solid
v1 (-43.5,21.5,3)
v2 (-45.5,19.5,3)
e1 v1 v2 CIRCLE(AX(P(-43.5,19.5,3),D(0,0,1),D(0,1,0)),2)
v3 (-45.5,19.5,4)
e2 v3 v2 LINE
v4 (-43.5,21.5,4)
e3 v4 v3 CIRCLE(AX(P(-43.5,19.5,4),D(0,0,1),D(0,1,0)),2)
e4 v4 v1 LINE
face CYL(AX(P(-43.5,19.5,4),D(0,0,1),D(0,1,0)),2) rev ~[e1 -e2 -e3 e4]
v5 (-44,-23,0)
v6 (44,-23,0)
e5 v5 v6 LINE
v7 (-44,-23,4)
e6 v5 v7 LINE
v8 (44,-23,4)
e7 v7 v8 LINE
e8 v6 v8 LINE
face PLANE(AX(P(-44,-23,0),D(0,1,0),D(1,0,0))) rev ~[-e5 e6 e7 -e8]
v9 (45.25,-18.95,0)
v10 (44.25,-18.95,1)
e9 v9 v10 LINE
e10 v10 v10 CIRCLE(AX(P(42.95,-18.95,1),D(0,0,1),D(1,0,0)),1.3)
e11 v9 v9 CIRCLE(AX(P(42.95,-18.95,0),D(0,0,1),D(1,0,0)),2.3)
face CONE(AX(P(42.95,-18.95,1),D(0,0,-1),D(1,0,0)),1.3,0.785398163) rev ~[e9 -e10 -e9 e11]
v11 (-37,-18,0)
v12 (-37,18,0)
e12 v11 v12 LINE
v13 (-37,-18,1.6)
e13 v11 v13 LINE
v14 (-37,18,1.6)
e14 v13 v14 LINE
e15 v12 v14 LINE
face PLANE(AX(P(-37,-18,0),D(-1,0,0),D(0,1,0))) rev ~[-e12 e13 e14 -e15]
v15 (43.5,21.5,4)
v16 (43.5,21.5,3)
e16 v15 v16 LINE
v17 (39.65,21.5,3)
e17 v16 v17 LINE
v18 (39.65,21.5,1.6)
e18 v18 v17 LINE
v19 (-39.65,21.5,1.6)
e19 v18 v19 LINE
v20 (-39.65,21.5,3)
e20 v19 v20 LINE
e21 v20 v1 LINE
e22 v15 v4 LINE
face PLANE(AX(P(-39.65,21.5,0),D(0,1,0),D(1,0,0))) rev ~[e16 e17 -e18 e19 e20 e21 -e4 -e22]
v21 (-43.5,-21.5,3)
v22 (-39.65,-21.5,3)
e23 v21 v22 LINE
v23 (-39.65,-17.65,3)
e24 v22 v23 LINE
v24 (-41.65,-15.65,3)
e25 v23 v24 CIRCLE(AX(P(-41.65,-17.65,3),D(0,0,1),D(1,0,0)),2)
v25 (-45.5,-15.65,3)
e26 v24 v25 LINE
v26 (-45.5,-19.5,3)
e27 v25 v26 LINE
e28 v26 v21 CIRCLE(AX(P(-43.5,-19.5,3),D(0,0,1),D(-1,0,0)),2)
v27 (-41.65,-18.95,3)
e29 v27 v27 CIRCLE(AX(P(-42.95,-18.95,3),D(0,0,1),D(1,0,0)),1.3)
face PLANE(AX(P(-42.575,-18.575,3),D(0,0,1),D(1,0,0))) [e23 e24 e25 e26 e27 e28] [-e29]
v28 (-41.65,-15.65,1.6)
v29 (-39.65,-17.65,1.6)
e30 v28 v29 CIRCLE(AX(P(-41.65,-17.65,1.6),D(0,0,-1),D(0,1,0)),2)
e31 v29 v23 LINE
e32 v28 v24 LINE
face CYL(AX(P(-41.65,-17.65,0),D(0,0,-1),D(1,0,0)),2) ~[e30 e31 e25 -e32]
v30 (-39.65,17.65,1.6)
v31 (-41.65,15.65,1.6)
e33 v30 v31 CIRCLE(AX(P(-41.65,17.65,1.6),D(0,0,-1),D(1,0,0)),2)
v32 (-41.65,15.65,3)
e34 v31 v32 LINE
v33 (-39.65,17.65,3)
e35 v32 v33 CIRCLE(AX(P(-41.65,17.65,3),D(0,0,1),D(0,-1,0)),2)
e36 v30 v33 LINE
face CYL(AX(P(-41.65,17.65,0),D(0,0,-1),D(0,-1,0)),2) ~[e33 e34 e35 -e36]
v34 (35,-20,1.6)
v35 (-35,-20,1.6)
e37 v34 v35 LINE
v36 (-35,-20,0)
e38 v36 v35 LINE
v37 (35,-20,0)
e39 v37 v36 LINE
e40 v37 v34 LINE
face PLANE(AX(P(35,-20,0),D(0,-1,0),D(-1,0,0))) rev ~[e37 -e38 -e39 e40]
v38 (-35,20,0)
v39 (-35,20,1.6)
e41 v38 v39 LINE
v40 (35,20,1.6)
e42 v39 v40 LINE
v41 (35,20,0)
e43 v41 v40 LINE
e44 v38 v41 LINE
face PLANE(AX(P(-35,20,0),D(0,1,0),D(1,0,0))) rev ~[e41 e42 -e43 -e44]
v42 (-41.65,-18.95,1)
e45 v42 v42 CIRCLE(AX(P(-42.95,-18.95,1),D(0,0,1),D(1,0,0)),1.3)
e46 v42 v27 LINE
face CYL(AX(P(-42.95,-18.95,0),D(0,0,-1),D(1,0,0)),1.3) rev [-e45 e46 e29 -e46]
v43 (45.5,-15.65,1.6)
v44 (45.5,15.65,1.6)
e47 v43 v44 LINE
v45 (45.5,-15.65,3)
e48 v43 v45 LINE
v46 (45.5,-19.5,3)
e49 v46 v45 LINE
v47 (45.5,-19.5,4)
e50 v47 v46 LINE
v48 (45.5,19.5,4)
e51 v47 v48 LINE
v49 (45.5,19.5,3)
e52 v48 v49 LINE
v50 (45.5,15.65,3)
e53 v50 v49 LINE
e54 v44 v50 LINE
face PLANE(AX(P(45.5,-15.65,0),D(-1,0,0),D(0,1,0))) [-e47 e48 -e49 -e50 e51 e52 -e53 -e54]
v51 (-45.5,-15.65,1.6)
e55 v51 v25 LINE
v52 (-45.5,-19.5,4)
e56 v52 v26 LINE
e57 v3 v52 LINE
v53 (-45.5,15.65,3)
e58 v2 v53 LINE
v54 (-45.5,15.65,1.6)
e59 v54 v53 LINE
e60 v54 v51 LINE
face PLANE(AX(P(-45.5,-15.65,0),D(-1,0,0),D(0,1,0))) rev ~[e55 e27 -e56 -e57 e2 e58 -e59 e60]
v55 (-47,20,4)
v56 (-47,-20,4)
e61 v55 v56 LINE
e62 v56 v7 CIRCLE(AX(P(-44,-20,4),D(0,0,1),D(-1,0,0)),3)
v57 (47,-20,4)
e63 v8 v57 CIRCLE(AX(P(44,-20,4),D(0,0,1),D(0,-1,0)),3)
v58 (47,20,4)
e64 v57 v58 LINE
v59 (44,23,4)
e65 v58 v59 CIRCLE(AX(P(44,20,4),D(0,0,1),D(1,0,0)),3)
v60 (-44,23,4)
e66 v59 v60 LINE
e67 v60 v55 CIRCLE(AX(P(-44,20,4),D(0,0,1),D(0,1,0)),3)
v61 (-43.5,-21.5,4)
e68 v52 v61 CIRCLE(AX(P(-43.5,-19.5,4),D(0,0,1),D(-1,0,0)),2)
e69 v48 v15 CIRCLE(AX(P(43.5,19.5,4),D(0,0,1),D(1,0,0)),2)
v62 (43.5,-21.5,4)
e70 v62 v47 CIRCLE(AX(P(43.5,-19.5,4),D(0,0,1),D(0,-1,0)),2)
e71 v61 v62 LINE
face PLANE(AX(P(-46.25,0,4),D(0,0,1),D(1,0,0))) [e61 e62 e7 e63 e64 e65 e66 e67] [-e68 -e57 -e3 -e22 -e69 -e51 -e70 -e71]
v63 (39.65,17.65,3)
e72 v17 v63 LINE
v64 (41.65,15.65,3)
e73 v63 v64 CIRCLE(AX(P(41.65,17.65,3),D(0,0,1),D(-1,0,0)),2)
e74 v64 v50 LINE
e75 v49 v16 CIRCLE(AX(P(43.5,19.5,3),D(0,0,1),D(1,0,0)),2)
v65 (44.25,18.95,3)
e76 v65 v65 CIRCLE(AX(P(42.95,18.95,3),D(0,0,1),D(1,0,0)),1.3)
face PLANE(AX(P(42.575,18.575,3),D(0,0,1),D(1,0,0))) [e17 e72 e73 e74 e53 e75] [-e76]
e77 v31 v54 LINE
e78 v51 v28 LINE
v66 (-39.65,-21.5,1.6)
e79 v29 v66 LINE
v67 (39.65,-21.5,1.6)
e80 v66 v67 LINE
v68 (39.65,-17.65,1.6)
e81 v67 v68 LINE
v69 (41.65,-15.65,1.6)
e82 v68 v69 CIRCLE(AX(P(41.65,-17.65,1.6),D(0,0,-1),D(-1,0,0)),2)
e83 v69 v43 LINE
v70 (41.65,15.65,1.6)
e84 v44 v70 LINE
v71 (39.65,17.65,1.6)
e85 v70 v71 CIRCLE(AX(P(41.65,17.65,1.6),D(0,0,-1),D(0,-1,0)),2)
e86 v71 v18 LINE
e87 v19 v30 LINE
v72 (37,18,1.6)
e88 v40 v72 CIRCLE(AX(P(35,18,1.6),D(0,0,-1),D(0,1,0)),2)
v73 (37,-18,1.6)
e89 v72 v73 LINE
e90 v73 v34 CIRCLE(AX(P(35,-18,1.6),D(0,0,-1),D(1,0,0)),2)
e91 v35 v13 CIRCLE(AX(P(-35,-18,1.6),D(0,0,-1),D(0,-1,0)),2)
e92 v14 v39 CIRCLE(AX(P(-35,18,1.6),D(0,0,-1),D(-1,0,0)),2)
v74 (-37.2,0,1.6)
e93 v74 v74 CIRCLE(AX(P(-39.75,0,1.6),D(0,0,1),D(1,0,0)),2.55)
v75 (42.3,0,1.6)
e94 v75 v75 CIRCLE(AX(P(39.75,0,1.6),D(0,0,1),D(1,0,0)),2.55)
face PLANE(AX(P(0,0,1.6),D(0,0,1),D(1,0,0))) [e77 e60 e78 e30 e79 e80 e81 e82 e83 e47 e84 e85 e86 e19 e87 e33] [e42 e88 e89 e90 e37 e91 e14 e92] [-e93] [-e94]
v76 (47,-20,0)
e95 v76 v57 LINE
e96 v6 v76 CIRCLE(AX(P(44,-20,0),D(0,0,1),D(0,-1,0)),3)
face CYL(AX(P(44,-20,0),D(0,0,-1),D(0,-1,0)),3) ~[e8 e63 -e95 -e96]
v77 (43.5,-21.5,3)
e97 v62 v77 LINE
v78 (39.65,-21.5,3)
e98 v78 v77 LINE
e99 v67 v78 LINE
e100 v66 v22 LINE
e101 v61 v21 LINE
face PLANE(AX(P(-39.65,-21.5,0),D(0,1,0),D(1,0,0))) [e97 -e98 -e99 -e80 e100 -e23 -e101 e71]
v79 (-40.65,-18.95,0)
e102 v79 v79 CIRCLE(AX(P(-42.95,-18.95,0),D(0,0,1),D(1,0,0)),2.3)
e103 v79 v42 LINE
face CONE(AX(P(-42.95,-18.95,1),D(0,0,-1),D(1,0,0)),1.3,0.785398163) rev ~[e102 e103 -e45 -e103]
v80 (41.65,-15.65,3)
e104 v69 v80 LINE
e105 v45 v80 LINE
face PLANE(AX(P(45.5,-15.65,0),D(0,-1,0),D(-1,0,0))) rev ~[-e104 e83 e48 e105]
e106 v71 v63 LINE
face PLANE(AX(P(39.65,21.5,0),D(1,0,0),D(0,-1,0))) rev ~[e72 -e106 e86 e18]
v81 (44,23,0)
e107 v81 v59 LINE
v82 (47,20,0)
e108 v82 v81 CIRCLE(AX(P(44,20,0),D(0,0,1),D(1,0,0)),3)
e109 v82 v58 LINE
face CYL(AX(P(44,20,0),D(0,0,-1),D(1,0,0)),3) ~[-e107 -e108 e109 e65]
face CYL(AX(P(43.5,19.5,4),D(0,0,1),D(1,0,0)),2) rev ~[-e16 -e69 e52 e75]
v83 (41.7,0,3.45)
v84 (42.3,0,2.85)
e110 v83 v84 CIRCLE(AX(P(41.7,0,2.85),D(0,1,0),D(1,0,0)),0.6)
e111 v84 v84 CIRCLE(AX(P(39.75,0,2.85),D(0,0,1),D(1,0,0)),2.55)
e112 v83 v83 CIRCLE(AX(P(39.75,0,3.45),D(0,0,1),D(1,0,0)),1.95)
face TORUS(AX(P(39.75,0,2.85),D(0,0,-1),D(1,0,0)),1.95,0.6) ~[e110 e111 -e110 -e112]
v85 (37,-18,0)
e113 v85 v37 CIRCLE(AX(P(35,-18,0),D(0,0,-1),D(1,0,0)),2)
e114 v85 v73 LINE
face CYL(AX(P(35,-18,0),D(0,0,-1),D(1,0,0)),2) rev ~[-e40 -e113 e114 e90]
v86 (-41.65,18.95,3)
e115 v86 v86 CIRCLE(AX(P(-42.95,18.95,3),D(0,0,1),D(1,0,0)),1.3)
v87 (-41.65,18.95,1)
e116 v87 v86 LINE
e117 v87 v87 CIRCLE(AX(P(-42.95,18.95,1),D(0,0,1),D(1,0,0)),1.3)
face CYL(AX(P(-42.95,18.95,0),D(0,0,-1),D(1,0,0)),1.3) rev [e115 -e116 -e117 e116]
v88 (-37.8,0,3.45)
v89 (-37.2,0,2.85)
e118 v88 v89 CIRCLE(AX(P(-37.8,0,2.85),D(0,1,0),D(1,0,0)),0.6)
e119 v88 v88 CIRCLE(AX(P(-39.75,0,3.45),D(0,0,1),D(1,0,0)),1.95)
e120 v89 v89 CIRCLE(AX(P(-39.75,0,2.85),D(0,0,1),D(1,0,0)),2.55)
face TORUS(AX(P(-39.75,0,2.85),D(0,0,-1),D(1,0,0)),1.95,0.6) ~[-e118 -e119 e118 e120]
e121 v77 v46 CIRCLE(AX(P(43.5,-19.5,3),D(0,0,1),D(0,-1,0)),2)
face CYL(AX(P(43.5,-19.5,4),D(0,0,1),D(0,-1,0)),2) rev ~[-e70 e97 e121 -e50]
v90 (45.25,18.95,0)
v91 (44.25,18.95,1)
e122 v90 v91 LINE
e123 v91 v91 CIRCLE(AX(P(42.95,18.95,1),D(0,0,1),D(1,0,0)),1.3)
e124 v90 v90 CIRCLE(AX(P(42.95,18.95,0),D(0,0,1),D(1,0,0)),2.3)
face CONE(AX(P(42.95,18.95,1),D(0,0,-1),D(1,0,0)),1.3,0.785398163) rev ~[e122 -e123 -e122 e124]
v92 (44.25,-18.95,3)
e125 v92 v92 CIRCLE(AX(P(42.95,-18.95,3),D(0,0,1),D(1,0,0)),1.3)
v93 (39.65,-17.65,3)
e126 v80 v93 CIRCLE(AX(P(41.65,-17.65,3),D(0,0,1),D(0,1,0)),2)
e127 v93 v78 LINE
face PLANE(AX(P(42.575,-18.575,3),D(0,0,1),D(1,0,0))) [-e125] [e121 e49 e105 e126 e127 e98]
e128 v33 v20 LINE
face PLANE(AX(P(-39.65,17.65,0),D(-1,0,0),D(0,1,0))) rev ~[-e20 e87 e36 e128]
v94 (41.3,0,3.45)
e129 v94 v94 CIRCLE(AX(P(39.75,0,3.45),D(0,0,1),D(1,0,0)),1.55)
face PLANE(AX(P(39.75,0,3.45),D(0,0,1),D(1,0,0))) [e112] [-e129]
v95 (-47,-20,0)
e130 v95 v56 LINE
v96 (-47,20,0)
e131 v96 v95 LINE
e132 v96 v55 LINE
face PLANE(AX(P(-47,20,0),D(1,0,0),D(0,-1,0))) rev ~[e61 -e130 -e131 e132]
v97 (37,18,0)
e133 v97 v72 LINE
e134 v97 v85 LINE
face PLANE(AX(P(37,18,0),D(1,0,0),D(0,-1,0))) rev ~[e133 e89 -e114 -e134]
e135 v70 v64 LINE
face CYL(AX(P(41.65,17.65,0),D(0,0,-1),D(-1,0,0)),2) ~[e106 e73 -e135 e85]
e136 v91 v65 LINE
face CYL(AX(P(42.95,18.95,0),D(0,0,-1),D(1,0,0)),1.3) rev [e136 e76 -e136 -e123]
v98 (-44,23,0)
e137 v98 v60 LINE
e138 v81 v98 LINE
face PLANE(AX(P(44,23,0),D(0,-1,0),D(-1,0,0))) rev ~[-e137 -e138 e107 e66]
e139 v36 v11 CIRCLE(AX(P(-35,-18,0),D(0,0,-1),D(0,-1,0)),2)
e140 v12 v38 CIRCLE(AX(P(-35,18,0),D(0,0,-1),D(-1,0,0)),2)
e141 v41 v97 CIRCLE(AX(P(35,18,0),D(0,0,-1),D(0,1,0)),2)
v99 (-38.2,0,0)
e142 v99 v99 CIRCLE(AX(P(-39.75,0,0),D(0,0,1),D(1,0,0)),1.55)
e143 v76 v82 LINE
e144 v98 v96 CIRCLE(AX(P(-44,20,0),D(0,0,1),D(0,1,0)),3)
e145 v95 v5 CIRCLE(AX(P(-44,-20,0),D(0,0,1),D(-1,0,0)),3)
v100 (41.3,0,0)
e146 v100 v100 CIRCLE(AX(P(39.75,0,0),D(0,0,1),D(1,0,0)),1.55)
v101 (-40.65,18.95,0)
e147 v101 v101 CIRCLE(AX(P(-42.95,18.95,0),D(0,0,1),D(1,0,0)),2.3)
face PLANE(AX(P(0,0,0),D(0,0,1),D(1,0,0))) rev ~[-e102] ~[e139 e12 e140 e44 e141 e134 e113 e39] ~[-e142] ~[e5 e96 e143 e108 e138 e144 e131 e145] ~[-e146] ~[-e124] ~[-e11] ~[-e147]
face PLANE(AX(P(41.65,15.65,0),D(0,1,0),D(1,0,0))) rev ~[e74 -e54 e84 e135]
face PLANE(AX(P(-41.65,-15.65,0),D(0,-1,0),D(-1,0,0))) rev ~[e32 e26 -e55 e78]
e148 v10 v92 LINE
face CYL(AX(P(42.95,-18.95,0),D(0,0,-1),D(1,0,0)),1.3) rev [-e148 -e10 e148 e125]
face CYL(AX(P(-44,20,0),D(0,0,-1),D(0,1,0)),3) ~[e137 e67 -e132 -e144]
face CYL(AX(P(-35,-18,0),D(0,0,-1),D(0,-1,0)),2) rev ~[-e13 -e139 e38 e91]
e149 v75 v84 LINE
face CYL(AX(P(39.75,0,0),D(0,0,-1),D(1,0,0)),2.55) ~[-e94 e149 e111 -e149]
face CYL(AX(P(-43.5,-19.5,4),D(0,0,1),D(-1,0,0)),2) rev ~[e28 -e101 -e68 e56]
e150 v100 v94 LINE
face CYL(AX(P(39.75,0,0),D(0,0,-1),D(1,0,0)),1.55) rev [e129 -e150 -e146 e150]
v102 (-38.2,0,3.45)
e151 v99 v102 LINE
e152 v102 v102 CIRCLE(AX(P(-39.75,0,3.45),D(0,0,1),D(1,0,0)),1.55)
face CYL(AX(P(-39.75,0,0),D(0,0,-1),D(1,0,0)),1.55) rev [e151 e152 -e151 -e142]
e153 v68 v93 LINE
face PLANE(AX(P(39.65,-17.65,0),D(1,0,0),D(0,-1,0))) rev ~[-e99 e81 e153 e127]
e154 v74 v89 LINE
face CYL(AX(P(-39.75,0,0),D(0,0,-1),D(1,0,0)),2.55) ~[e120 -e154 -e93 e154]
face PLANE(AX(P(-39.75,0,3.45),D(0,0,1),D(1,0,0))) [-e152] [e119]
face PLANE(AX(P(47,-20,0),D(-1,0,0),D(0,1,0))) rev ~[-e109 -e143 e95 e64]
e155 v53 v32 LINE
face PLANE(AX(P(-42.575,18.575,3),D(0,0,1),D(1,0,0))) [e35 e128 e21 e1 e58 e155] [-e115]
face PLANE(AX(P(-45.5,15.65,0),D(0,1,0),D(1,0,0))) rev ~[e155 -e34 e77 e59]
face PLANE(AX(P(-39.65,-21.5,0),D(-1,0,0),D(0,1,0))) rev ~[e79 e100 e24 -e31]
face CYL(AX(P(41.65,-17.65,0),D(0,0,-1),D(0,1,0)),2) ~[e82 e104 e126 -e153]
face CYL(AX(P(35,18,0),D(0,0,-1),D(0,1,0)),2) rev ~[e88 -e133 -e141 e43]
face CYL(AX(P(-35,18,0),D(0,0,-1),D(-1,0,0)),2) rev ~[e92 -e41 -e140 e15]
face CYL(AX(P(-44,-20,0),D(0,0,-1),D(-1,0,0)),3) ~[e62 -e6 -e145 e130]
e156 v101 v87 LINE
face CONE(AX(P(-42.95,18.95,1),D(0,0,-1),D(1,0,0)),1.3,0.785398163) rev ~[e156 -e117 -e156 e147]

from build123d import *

# Parameters (mm, degrees)
F0_W     = 1.5
F0_H     = 31.3
F0_R     = 1.3
F0_W_2   = 79.3
F0_H_2   = 1.5
F1_DEPTH = 4
F0_R_2   = 2.55
F2_DEPTH = 1.6
F0_R_3   = 1.55
F3_DEPTH = 3.45
F4_R     = 1.3
F5_DEPTH = 1
F6_SIZE  = 1
F7_R     = 0.6


with BuildPart() as f1:
    # F0 (on Top) → F1 (new body)
    with BuildSketch(Plane.XY):
        with Locations((-46.25, 0)):
            Rectangle(F0_W, F0_H)
        with BuildLine():
            Line((-45.5, -15.65), (-47, -15.65))
            Line((-47, -15.65), (-47, -20))
            ThreePointArc((-47, -20), (-46.1213203436, -22.1213203436), (-44, -23))
            Line((-44, -23), (-39.65, -23))
            Line((-39.65, -23), (-39.65, -21.5))
            Line((-39.65, -21.5), (-45.5, -21.5))
            Line((-45.5, -21.5), (-45.5, -15.65))
        make_face()
        with BuildLine():
            Line((-41.65, -15.65), (-45.5, -15.65))
            Line((-45.5, -15.65), (-45.5, -21.5))
            Line((-45.5, -21.5), (-39.65, -21.5))
            Line((-39.65, -21.5), (-39.65, -17.65))
            ThreePointArc((-39.65, -17.65), (-40.2357864376, -16.2357864376), (-41.65, -15.65))
        make_face()
        with Locations((-42.95, -18.95)):
            Circle(F0_R, mode=Mode.SUBTRACT)
        with Locations((0, -22.25)):
            Rectangle(F0_W_2, F0_H_2)
        with BuildLine():
            Line((-39.65, 23), (-44, 23))
            ThreePointArc((-44, 23), (-46.1213203436, 22.1213203436), (-47, 20))
            Line((-47, 20), (-47, 15.65))
            Line((-47, 15.65), (-45.5, 15.65))
            Line((-45.5, 15.65), (-45.5, 21.5))
            Line((-45.5, 21.5), (-39.65, 21.5))
            Line((-39.65, 21.5), (-39.65, 23))
        make_face()
        with BuildLine():
            Line((-39.65, 17.65), (-39.65, 21.5))
            Line((-39.65, 21.5), (-45.5, 21.5))
            Line((-45.5, 21.5), (-45.5, 15.65))
            Line((-45.5, 15.65), (-41.65, 15.65))
            ThreePointArc((-41.65, 15.65), (-40.2357864376, 16.2357864376), (-39.65, 17.65))
        make_face()
        with Locations((-42.95, 18.95)):
            Circle(F0_R, mode=Mode.SUBTRACT)
        with Locations((0, 22.25)):
            Rectangle(F0_W_2, F0_H_2)
        with BuildLine():
            Line((44, 23), (39.65, 23))
            Line((39.65, 23), (39.65, 21.5))
            Line((39.65, 21.5), (45.5, 21.5))
            Line((45.5, 21.5), (45.5, 15.65))
            Line((45.5, 15.65), (47, 15.65))
            Line((47, 15.65), (47, 20))
            ThreePointArc((47, 20), (46.1213203436, 22.1213203436), (44, 23))
        make_face()
        with BuildLine():
            Line((45.5, 21.5), (39.65, 21.5))
            Line((39.65, 21.5), (39.65, 17.65))
            ThreePointArc((39.65, 17.65), (40.2357864376, 16.2357864376), (41.65, 15.65))
            Line((41.65, 15.65), (45.5, 15.65))
            Line((45.5, 15.65), (45.5, 21.5))
        make_face()
        with Locations((42.95, 18.95)):
            Circle(F0_R, mode=Mode.SUBTRACT)
        with BuildLine():
            Line((45.5, -21.5), (45.5, -15.65))
            Line((45.5, -15.65), (41.65, -15.65))
            ThreePointArc((41.65, -15.65), (40.2357864376, -16.2357864376), (39.65, -17.65))
            Line((39.65, -17.65), (39.65, -21.5))
            Line((39.65, -21.5), (45.5, -21.5))
        make_face()
        with Locations((42.95, -18.95)):
            Circle(F0_R, mode=Mode.SUBTRACT)
        with BuildLine():
            Line((47, -20), (47, -15.65))
            Line((47, -15.65), (45.5, -15.65))
            Line((45.5, -15.65), (45.5, -21.5))
            Line((45.5, -21.5), (39.65, -21.5))
            Line((39.65, -21.5), (39.65, -23))
            Line((39.65, -23), (44, -23))
            ThreePointArc((44, -23), (46.1213203436, -22.1213203436), (47, -20))
        make_face()
        with Locations((46.25, 0)):
            Rectangle(F0_W, F0_H)
    extrude(amount=F1_DEPTH)

    # F0 (on Top) → F2 (join)
    with BuildSketch(Plane.XY):
        with BuildLine():
            Line((39.65, 21.5), (-39.65, 21.5))
            Line((-39.65, 21.5), (-39.65, 17.65))
            ThreePointArc((-39.65, 17.65), (-40.2357864376, 16.2357864376), (-41.65, 15.65))
            Line((-41.65, 15.65), (-45.5, 15.65))
            Line((-45.5, 15.65), (-45.5, -15.65))
            Line((-45.5, -15.65), (-41.65, -15.65))
            ThreePointArc((-41.65, -15.65), (-40.2357864376, -16.2357864376), (-39.65, -17.65))
            Line((-39.65, -17.65), (-39.65, -21.5))
            Line((-39.65, -21.5), (39.65, -21.5))
            Line((39.65, -21.5), (39.65, -17.65))
            ThreePointArc((39.65, -17.65), (40.2357864376, -16.2357864376), (41.65, -15.65))
            Line((41.65, -15.65), (45.5, -15.65))
            Line((45.5, -15.65), (45.5, 15.65))
            Line((45.5, 15.65), (41.65, 15.65))
            ThreePointArc((41.65, 15.65), (40.2357864376, 16.2357864376), (39.65, 17.65))
            Line((39.65, 17.65), (39.65, 21.5))
        make_face()
        with Locations((-39.75, 0)):
            Circle(F0_R_2, mode=Mode.SUBTRACT)
        with BuildLine():
            ThreePointArc((-37, 18), (-36.4142135624, 19.4142135624), (-35, 20))
            Line((-35, 20), (35, 20))
            ThreePointArc((35, 20), (36.4142135624, 19.4142135624), (37, 18))
            Line((37, 18), (37, -18))
            ThreePointArc((37, -18), (36.4142135624, -19.4142135624), (35, -20))
            Line((35, -20), (-35, -20))
            ThreePointArc((-35, -20), (-36.4142135624, -19.4142135624), (-37, -18))
            Line((-37, -18), (-37, 18))
        make_face(mode=Mode.SUBTRACT)
        with Locations((39.75, 0)):
            Circle(F0_R_2, mode=Mode.SUBTRACT)
    extrude(amount=F2_DEPTH)

    # F0 (on Top) → F3 (join)
    with BuildSketch(Plane.XY):
        with Locations((-39.75, 0)):
            Circle(F0_R_2)
        with Locations((-39.75, 0)):
            Circle(F0_R_3, mode=Mode.SUBTRACT)
        with Locations((39.75, 0)):
            Circle(F0_R_2)
        with Locations((39.75, 0)):
            Circle(F0_R_3, mode=Mode.SUBTRACT)
    extrude(amount=F3_DEPTH)

    # F4 (on face) → F5 (cut)
    with BuildSketch(Plane.XY.offset(4)):
        with BuildLine():
            Line((-45.5, 19.5), (-45.5, 15.65))
            Line((-45.5, 15.65), (-41.65, 15.65))
            ThreePointArc((-41.65, 15.65), (-40.2357864376, 16.2357864376), (-39.65, 17.65))
            Line((-39.65, 17.65), (-39.65, 21.5))
            Line((-39.65, 21.5), (-43.5, 21.5))
            ThreePointArc((-43.5, 21.5), (-44.9142135624, 20.9142135624), (-45.5, 19.5))
        make_face()
        with Locations((-42.95, 18.95)):
            Circle(F4_R, mode=Mode.SUBTRACT)
        with BuildLine():
            Line((-41.65, -15.65), (-45.5, -15.65))
            Line((-45.5, -15.65), (-45.5, -19.5))
            ThreePointArc((-45.5, -19.5), (-44.9142135624, -20.9142135624), (-43.5, -21.5))
            Line((-43.5, -21.5), (-39.65, -21.5))
            Line((-39.65, -21.5), (-39.65, -17.65))
            ThreePointArc((-39.65, -17.65), (-40.2357864376, -16.2357864376), (-41.65, -15.65))
        make_face()
        with Locations((-42.95, -18.95)):
            Circle(F4_R, mode=Mode.SUBTRACT)
        with BuildLine():
            Line((39.65, -17.65), (39.65, -21.5))
            Line((39.65, -21.5), (43.5, -21.5))
            ThreePointArc((43.5, -21.5), (44.9142135624, -20.9142135624), (45.5, -19.5))
            Line((45.5, -19.5), (45.5, -15.65))
            Line((45.5, -15.65), (41.65, -15.65))
            ThreePointArc((41.65, -15.65), (40.2357864376, -16.2357864376), (39.65, -17.65))
        make_face()
        with Locations((42.95, -18.95)):
            Circle(F4_R, mode=Mode.SUBTRACT)
        with BuildLine():
            Line((43.5, 21.5), (39.65, 21.5))
            Line((39.65, 21.5), (39.65, 17.65))
            ThreePointArc((39.65, 17.65), (40.2357864376, 16.2357864376), (41.65, 15.65))
            Line((41.65, 15.65), (45.5, 15.65))
            Line((45.5, 15.65), (45.5, 19.5))
            ThreePointArc((45.5, 19.5), (44.9142135624, 20.9142135624), (43.5, 21.5))
        make_face()
        with Locations((42.95, 18.95)):
            Circle(F4_R, mode=Mode.SUBTRACT)
    extrude(amount=-F5_DEPTH, mode=Mode.SUBTRACT)

    # F6
    f6_edges = [f1.edges().sort_by_distance(p)[0] for p in [
        (41.65, 18.95, 0),
        (41.65, -18.95, 0),
        (-44.25, -18.95, 0),
        (-44.25, 18.95, 0),
    ]]
    chamfer(f6_edges, length=F6_SIZE)

    # F7
    f7_edges = [f1.edges().sort_by_distance(p)[0] for p in [
        (37.2, 0, 3.45),
        (-42.3, 0, 3.45),
    ]]
    fillet(f7_edges, radius=F7_R)


solid = f1.part
